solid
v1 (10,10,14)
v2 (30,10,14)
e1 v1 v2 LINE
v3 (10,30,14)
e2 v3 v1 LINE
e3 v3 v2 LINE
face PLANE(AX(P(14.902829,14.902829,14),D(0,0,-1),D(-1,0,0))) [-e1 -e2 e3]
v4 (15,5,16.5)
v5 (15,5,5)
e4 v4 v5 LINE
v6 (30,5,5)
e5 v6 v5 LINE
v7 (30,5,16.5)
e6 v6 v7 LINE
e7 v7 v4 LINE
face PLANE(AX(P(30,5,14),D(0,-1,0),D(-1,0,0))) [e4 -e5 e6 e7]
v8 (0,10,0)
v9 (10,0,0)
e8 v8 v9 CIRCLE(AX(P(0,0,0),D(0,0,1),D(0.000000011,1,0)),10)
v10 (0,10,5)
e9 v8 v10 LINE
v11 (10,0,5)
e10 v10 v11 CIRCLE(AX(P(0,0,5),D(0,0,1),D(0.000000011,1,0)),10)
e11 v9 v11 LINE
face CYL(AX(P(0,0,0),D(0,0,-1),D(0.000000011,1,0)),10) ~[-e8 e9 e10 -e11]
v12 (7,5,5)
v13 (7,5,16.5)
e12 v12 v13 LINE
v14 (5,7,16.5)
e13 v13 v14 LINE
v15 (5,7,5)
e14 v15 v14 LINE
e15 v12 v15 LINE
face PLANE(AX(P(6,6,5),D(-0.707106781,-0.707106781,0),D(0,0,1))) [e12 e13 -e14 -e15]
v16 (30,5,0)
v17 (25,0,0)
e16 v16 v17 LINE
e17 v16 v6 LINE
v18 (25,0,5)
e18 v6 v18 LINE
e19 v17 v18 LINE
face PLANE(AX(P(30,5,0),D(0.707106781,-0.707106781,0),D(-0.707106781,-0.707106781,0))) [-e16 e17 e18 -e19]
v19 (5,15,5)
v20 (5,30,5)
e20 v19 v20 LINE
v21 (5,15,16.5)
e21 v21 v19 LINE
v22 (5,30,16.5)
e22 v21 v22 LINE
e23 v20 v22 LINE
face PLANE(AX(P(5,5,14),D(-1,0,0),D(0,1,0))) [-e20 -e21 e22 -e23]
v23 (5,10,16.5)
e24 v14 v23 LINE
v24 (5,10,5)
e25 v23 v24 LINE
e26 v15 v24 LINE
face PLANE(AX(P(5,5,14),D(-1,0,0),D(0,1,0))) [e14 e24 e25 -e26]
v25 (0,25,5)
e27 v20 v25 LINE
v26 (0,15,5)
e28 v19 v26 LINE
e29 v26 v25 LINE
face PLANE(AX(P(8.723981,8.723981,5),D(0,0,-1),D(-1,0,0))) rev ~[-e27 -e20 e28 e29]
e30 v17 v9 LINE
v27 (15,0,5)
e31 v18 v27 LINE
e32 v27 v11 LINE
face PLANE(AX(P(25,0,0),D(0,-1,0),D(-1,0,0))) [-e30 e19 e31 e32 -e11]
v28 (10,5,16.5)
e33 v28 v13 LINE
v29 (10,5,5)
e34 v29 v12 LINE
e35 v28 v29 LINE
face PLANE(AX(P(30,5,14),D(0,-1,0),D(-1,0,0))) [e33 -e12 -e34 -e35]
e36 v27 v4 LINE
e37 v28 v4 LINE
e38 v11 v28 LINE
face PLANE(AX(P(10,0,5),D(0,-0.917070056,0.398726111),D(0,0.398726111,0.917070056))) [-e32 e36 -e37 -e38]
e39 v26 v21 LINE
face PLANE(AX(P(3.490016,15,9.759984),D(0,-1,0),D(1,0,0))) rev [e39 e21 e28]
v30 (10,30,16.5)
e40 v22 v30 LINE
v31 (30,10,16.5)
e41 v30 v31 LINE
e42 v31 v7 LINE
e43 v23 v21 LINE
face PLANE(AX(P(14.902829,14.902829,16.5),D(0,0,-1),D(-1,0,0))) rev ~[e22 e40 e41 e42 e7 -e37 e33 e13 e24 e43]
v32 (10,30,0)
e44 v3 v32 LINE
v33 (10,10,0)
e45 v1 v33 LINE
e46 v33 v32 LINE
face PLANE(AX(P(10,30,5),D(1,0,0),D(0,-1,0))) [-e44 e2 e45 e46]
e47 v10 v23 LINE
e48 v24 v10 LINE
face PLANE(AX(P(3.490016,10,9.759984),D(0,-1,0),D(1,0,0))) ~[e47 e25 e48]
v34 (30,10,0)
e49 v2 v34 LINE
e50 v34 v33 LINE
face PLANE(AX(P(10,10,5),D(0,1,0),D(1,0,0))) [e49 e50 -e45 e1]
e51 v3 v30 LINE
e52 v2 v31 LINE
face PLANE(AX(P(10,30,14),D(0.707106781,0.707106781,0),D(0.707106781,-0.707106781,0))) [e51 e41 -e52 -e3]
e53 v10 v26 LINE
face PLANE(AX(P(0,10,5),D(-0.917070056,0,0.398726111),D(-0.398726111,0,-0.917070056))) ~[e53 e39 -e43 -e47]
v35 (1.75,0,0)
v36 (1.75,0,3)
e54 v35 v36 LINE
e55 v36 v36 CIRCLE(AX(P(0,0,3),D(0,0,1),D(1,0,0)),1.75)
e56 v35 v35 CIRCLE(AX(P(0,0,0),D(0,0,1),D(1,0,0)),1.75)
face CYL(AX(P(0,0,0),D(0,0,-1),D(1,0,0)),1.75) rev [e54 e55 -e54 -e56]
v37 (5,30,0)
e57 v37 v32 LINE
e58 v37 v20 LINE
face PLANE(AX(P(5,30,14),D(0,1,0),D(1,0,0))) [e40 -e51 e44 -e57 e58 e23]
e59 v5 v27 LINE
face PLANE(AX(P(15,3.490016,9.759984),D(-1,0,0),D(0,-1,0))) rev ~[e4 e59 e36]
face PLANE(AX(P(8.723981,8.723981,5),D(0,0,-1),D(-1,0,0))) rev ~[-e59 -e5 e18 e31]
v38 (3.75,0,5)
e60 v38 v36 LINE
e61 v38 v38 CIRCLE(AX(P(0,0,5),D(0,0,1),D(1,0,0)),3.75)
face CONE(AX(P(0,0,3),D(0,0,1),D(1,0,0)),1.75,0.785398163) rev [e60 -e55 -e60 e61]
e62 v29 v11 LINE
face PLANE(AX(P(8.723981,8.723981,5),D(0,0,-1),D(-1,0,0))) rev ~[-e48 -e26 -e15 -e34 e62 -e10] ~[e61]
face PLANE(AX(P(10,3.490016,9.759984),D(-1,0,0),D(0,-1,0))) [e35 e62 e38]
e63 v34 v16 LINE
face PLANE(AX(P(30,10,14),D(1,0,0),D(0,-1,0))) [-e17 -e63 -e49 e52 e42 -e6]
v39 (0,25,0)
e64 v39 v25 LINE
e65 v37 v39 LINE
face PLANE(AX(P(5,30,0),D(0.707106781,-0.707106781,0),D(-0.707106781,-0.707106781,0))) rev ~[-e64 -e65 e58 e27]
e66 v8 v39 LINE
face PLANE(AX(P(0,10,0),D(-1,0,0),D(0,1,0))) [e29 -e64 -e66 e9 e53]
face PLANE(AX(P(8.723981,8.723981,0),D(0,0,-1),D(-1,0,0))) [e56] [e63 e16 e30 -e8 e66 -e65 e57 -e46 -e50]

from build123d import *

# Parameters (mm, degrees)
EXTRUDE003_DEPTH                          = 5
EXTRUDE003_ONTO_SKETCH003_ROLL_ANGLE      = 90
EXTRUDE003_ONTO_SKETCH003_PLACEMENT_ANGLE = -90
EXTRUDE001_DEPTH                          = 9
EXTRUDE002_DEPTH                          = 2.5
SKETCH_R                                  = 1.75
EXTRUDE_DEPTH                             = 5
CHAMFER_SIZE                              = 2


with BuildPart() as extrude003:
    # Sketch003 as drawn → Extrude003 (new)
    with BuildSketch(Plane.XY):
        Polygon((-5, 16.5), (-5, 5), (0, 5), align=None)
    extrude(amount=-EXTRUDE003_DEPTH)


with BuildPart() as extrude003_1:
    # Extrude003 onto Sketch003 roll: moved
    add(extrude003.part.rotate(Axis((0, 0, 0), (1, 0, 0)), EXTRUDE003_ONTO_SKETCH003_ROLL_ANGLE))


with BuildPart() as extrude003_2:
    # Extrude003 onto Sketch003 placement: moved
    add(extrude003_1.part.moved(Location((5, 0, 0))).rotate(Axis((5, 0, 0), (0, 0, 1)), EXTRUDE003_ONTO_SKETCH003_PLACEMENT_ANGLE))


with BuildPart() as extrude003_3:
    # Extrude003 placement: moved
    add(extrude003_2.part.moved(Location((5, 0, 0))))


with BuildPart() as extrude003_mirrored:
    # mirror: instance of Extrude003
    add(extrude003_3.part.mirror(Plane(origin=(5, 5, 2), x_dir=(0.707107, 0.707107, 0), z_dir=(-0.707107, 0.707107, 0))))


with BuildPart() as extrude001:
    # Sketch001 (on Face12 of Extrude) → Extrude001 (new body)
    with BuildSketch(Plane.XY.offset(5)):
        Polygon((5, 30), (10, 30), (10, 10), (30, 10), (30, 5), (5, 5), align=None)
    extrude(amount=EXTRUDE001_DEPTH)


with BuildPart() as extrude002:
    # Sketch002 (on Face8 of Extrude001) → Extrude002 (new body)
    with BuildSketch(Plane.XY.offset(14)):
        Polygon((5, 30), (10, 30), (30, 10), (30, 5), (5, 5), align=None)
    extrude(amount=EXTRUDE002_DEPTH)


with BuildPart() as chamfer_body:
    # Sketch → Extrude (new body)
    with BuildSketch(Plane.XY):
        with BuildLine():
            Line((5, 30), (10, 30))
            Line((10, 10), (10, 30))
            Line((30, 10), (10, 10))
            Line((30, 10), (30, 5))
            Line((30, 5), (25, 0))
            Line((25, 0), (10, 0))
            ThreePointArc((0, 10), (-7.071068, -7.071068), (10, 0))
            Line((0, 10), (0, 25))
            Line((5, 30), (0, 25))
        make_face()
        Circle(SKETCH_R, mode=Mode.SUBTRACT)
    extrude(amount=EXTRUDE_DEPTH)

    # Fusion: union Extrude001, Extrude002
    add(extrude001.part)
    add(extrude002.part)

    # Fusion001: union Extrude003, Extrude003 (mirrored)
    add(extrude003_3.part)
    add(extrude003_mirrored.part)

    # Chamfer
    chamfer_edges = [chamfer_body.edges().sort_by_distance(p)[0] for p in [
        (5, 5, 10.75),
        (-1.75, 0, 5),
    ]]
    chamfer(chamfer_edges, length=CHAMFER_SIZE)


solid = chamfer_body.part
